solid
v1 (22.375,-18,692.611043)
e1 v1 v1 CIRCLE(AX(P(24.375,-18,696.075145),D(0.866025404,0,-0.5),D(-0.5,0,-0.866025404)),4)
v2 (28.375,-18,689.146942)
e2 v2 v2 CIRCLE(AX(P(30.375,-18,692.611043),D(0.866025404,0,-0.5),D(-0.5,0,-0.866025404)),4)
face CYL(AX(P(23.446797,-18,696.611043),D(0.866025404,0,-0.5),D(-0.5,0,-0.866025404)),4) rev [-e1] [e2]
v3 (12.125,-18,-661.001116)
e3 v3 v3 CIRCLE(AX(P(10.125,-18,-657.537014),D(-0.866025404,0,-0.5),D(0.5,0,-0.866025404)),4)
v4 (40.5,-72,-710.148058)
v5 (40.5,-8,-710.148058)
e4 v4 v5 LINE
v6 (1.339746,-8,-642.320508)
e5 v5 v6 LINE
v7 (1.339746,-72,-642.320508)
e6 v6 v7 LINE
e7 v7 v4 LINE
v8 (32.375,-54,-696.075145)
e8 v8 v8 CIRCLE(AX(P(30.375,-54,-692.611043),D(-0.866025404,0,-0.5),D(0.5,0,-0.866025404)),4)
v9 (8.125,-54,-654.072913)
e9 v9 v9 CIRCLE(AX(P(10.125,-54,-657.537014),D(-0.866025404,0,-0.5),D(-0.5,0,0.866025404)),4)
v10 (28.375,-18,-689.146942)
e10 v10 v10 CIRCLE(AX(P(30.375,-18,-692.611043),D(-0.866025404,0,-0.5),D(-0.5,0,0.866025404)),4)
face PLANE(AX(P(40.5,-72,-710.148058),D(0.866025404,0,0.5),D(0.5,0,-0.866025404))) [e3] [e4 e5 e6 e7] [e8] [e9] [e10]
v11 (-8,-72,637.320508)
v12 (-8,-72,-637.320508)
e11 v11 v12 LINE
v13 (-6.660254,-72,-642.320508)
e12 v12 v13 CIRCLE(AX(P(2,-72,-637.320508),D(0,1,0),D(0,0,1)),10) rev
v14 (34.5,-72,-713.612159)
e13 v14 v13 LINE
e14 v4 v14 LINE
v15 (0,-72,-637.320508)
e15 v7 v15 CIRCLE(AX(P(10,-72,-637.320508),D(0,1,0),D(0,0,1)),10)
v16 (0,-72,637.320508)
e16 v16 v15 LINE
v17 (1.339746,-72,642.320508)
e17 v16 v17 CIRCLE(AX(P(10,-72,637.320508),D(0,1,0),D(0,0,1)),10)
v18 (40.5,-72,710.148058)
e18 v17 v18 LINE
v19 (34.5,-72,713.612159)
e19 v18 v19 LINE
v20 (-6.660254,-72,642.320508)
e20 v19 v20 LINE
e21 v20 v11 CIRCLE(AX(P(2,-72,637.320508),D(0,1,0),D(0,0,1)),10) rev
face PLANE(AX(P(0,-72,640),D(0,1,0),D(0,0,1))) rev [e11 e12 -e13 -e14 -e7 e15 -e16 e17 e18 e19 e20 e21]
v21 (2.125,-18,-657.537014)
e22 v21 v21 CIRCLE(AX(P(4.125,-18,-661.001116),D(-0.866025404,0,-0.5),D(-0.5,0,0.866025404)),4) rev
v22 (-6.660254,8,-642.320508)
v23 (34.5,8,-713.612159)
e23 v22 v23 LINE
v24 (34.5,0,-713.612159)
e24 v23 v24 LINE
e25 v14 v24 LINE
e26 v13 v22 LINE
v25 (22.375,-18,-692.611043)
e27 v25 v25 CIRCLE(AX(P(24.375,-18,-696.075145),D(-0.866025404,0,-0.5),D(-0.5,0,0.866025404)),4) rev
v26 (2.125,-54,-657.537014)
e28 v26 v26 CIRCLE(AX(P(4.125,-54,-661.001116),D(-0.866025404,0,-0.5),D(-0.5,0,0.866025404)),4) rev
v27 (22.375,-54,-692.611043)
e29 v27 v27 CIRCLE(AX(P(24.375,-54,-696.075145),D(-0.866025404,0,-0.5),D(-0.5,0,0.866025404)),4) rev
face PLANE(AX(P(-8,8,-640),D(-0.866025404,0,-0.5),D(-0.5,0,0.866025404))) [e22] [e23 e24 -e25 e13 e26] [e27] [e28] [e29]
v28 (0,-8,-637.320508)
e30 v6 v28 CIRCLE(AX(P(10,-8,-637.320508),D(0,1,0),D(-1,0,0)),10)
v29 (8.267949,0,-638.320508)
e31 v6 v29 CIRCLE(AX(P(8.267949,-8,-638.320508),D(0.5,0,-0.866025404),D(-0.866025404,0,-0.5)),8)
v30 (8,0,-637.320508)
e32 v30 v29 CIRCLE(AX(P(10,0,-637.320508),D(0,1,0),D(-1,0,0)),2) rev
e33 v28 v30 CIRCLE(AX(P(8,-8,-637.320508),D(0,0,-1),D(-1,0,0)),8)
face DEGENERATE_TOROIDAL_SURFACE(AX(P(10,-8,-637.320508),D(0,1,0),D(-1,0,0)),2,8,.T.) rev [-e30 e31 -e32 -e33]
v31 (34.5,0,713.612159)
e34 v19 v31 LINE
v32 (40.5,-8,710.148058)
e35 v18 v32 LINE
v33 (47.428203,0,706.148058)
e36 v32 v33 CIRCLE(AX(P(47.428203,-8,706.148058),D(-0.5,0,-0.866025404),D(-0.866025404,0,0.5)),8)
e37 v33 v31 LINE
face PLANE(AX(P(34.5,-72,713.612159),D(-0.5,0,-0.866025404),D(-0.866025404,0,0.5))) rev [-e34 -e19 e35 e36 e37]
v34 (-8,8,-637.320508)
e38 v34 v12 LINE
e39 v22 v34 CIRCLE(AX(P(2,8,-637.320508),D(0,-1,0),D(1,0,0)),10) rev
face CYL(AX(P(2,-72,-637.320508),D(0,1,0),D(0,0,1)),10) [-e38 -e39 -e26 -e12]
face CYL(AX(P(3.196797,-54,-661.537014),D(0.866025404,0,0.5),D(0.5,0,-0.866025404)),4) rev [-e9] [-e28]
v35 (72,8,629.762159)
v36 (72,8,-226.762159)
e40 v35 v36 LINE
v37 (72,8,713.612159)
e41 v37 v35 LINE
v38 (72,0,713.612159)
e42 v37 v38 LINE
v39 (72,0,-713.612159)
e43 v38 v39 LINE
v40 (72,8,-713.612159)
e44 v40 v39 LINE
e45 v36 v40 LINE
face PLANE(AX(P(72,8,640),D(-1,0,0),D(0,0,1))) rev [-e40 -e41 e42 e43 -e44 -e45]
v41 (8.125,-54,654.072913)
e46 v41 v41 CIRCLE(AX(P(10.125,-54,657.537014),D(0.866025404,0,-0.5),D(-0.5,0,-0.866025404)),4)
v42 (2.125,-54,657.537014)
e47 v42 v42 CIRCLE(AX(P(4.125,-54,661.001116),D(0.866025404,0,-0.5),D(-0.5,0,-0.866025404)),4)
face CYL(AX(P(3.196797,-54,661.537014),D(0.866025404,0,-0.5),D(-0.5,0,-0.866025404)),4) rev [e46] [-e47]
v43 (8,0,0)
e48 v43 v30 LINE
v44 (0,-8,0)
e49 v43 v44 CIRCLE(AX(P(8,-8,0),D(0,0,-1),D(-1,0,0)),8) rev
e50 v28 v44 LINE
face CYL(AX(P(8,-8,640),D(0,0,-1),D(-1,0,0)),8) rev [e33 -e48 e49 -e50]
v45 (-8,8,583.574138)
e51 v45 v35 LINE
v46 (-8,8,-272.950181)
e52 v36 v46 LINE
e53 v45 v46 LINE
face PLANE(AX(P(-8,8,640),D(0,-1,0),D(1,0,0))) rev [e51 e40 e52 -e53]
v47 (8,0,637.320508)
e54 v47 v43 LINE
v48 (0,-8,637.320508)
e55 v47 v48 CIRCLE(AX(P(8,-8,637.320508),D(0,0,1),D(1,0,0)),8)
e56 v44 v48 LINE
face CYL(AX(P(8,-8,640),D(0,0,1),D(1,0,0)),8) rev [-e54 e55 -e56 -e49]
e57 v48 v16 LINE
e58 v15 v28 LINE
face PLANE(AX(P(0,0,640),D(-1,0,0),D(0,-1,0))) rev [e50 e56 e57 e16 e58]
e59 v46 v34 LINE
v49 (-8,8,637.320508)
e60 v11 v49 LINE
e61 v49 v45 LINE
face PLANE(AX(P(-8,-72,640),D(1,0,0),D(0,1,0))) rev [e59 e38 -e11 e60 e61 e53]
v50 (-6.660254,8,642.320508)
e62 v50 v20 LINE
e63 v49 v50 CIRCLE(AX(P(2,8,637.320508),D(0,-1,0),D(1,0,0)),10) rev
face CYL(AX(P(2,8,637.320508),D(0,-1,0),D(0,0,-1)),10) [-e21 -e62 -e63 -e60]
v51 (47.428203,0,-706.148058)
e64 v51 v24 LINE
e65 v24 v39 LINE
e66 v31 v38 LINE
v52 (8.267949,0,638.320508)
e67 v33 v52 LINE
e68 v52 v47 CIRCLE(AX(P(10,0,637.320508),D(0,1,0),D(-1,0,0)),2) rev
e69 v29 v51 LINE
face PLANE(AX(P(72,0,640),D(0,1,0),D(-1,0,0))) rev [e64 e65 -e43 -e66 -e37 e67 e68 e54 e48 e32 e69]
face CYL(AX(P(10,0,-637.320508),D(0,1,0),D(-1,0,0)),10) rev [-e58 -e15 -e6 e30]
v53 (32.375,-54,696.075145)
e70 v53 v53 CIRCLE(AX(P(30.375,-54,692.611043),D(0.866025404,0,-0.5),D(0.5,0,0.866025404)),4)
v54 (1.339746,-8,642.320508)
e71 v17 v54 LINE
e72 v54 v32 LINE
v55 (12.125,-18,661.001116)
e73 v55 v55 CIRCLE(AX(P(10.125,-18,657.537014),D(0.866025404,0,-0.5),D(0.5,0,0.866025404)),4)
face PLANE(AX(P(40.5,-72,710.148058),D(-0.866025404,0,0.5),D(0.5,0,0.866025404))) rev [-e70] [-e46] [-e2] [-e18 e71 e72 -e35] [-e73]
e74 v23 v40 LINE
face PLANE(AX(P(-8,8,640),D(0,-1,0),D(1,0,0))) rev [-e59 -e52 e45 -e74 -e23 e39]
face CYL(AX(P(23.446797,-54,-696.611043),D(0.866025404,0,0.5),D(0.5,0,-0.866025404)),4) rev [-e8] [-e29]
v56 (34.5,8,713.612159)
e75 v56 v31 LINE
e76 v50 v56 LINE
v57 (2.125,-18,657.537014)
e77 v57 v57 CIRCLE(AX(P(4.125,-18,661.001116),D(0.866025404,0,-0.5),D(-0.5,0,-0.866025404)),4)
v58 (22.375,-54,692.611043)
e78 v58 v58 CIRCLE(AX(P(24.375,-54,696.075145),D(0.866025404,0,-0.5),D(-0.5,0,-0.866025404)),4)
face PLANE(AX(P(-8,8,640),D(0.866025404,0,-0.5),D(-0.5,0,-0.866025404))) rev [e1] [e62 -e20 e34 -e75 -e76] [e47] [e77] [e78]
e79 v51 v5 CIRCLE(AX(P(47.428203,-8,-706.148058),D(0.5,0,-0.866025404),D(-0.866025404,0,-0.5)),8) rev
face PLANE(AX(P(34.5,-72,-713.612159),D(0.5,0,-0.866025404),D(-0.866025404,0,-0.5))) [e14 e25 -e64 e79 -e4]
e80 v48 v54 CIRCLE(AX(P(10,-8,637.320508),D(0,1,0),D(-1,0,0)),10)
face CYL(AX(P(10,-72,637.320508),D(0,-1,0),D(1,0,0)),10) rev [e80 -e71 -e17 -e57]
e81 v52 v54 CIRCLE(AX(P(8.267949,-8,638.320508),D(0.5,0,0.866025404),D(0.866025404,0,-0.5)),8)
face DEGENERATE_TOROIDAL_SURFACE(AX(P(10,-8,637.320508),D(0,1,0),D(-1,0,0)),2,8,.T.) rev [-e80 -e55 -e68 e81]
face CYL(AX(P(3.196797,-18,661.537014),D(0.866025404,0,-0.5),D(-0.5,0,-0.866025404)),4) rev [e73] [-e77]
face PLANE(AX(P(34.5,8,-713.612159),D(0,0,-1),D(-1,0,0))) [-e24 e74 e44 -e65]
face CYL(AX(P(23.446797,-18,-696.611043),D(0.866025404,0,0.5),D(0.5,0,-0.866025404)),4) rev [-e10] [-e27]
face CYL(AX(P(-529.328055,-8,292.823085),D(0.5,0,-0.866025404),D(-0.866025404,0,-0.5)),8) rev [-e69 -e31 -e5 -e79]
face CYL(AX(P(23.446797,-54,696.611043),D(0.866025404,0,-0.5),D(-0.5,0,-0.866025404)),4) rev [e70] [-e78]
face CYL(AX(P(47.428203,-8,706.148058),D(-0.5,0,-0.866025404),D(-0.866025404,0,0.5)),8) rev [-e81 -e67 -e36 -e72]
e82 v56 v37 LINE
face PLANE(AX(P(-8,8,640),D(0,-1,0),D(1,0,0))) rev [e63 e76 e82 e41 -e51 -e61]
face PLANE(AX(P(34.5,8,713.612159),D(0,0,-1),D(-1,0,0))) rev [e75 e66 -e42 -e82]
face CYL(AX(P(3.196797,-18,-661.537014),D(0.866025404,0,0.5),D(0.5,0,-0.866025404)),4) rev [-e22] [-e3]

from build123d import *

# Parameters (mm, degrees)
BOSS_EXTRUDE1_DEPTH  = 640
BOSS_EXTRUDE2_DEPTH  = 8
BOSS_EXTRUDE3_DEPTH  = 72
SKETCH6_R            = 4
CUT_EXTRUDE1_DEPTH   = 8
FILLET1_R            = 10
FILLET2_R            = 8
FILLET1_OF_MIRROR1_R = 10
FILLET2_OF_MIRROR1_R = 8


with BuildPart() as part:
    # Sketch1 → Boss-Extrude1 (new body)
    with BuildSketch(Plane.XY):
        Polygon((-8, 8), (72, 8), (72, 0), (0, 0), (0, -72), (-8, -72), align=None)
    boss_extrude1 = extrude(amount=BOSS_EXTRUDE1_DEPTH)

    # Sketch3 → Boss-Extrude2 (add)
    with BuildSketch(Plane(origin=(0, 0, 0), x_dir=(1, 0, 0), z_dir=(0, 1, 0))):
        Polygon((-8, -640), (34.5, -713.612159322), (72, -713.612159322), (72, -640), align=None)
    boss_extrude2 = extrude(amount=BOSS_EXTRUDE2_DEPTH)

    # Sketch4 → Boss-Extrude3 (add)
    with BuildSketch(Plane.XZ):
        Polygon((-8, 640), (34.5, 713.612159322), (40.5, 710.148057707), (0, 640), align=None)
    boss_extrude3 = extrude(amount=BOSS_EXTRUDE3_DEPTH)

    # Sketch6 → Cut-Extrude1 (cut)
    with BuildSketch(Plane(origin=(-277.128129211, 0, 160), x_dir=(-0.4999999999999956, 0, -0.8660254037844413), z_dir=(0.8660254037844413, 0, -0.4999999999999956))):
        with Locations((-615.006258422, -18)):
            Circle(SKETCH6_R)
        with Locations((-574.506258422, -18)):
            Circle(SKETCH6_R)
        with Locations((-574.506258422, -54)):
            Circle(SKETCH6_R)
        with Locations((-615.006258422, -54)):
            Circle(SKETCH6_R)
    cut_extrude1 = extrude(amount=-CUT_EXTRUDE1_DEPTH, mode=Mode.SUBTRACT)

    # Fillet1
    fillet1_edges = [part.edges().sort_by_distance(p)[0] for p in [
        (0, -36, 640),
        (-8, -32, 640),
    ]]
    fillet(fillet1_edges, radius=FILLET1_R)

    # Fillet2
    fillet2_edges = [part.edges().sort_by_distance(p)[0] for p in [
        (20.919872981, 0, 676.234282891),
        (0, 0, 318.660254038),
        (0.340741737, 0, 639.908698527),
    ]]
    fillet(fillet2_edges, radius=FILLET2_R)

    # Mirror1: Boss-Extrude1, Boss-Extrude2, Boss-Extrude3, Cut-Extrude1 across plane
    add(boss_extrude1.mirror(Plane.XY))
    add(boss_extrude2.mirror(Plane.XY))
    add(boss_extrude3.mirror(Plane.XY))
    add(cut_extrude1.mirror(Plane.XY), mode=Mode.SUBTRACT)

    # Fillet1 of Mirror1
    fillet1_of_mirror1_edges = [part.edges().sort_by_distance(p)[0] for p in [
        (0, -36, -640),
        (-8, -32, -640),
    ]]
    fillet(fillet1_of_mirror1_edges, radius=FILLET1_OF_MIRROR1_R)

    # Fillet2 of Mirror1
    fillet2_of_mirror1_edges = [part.edges().sort_by_distance(p)[0] for p in [
        (20.919872981, 0, -676.234282891),
        (0, 0, -318.660254038),
        (0.340741737, 0, -639.908698527),
    ]]
    fillet(fillet2_of_mirror1_edges, radius=FILLET2_OF_MIRROR1_R)


solid = part.part
